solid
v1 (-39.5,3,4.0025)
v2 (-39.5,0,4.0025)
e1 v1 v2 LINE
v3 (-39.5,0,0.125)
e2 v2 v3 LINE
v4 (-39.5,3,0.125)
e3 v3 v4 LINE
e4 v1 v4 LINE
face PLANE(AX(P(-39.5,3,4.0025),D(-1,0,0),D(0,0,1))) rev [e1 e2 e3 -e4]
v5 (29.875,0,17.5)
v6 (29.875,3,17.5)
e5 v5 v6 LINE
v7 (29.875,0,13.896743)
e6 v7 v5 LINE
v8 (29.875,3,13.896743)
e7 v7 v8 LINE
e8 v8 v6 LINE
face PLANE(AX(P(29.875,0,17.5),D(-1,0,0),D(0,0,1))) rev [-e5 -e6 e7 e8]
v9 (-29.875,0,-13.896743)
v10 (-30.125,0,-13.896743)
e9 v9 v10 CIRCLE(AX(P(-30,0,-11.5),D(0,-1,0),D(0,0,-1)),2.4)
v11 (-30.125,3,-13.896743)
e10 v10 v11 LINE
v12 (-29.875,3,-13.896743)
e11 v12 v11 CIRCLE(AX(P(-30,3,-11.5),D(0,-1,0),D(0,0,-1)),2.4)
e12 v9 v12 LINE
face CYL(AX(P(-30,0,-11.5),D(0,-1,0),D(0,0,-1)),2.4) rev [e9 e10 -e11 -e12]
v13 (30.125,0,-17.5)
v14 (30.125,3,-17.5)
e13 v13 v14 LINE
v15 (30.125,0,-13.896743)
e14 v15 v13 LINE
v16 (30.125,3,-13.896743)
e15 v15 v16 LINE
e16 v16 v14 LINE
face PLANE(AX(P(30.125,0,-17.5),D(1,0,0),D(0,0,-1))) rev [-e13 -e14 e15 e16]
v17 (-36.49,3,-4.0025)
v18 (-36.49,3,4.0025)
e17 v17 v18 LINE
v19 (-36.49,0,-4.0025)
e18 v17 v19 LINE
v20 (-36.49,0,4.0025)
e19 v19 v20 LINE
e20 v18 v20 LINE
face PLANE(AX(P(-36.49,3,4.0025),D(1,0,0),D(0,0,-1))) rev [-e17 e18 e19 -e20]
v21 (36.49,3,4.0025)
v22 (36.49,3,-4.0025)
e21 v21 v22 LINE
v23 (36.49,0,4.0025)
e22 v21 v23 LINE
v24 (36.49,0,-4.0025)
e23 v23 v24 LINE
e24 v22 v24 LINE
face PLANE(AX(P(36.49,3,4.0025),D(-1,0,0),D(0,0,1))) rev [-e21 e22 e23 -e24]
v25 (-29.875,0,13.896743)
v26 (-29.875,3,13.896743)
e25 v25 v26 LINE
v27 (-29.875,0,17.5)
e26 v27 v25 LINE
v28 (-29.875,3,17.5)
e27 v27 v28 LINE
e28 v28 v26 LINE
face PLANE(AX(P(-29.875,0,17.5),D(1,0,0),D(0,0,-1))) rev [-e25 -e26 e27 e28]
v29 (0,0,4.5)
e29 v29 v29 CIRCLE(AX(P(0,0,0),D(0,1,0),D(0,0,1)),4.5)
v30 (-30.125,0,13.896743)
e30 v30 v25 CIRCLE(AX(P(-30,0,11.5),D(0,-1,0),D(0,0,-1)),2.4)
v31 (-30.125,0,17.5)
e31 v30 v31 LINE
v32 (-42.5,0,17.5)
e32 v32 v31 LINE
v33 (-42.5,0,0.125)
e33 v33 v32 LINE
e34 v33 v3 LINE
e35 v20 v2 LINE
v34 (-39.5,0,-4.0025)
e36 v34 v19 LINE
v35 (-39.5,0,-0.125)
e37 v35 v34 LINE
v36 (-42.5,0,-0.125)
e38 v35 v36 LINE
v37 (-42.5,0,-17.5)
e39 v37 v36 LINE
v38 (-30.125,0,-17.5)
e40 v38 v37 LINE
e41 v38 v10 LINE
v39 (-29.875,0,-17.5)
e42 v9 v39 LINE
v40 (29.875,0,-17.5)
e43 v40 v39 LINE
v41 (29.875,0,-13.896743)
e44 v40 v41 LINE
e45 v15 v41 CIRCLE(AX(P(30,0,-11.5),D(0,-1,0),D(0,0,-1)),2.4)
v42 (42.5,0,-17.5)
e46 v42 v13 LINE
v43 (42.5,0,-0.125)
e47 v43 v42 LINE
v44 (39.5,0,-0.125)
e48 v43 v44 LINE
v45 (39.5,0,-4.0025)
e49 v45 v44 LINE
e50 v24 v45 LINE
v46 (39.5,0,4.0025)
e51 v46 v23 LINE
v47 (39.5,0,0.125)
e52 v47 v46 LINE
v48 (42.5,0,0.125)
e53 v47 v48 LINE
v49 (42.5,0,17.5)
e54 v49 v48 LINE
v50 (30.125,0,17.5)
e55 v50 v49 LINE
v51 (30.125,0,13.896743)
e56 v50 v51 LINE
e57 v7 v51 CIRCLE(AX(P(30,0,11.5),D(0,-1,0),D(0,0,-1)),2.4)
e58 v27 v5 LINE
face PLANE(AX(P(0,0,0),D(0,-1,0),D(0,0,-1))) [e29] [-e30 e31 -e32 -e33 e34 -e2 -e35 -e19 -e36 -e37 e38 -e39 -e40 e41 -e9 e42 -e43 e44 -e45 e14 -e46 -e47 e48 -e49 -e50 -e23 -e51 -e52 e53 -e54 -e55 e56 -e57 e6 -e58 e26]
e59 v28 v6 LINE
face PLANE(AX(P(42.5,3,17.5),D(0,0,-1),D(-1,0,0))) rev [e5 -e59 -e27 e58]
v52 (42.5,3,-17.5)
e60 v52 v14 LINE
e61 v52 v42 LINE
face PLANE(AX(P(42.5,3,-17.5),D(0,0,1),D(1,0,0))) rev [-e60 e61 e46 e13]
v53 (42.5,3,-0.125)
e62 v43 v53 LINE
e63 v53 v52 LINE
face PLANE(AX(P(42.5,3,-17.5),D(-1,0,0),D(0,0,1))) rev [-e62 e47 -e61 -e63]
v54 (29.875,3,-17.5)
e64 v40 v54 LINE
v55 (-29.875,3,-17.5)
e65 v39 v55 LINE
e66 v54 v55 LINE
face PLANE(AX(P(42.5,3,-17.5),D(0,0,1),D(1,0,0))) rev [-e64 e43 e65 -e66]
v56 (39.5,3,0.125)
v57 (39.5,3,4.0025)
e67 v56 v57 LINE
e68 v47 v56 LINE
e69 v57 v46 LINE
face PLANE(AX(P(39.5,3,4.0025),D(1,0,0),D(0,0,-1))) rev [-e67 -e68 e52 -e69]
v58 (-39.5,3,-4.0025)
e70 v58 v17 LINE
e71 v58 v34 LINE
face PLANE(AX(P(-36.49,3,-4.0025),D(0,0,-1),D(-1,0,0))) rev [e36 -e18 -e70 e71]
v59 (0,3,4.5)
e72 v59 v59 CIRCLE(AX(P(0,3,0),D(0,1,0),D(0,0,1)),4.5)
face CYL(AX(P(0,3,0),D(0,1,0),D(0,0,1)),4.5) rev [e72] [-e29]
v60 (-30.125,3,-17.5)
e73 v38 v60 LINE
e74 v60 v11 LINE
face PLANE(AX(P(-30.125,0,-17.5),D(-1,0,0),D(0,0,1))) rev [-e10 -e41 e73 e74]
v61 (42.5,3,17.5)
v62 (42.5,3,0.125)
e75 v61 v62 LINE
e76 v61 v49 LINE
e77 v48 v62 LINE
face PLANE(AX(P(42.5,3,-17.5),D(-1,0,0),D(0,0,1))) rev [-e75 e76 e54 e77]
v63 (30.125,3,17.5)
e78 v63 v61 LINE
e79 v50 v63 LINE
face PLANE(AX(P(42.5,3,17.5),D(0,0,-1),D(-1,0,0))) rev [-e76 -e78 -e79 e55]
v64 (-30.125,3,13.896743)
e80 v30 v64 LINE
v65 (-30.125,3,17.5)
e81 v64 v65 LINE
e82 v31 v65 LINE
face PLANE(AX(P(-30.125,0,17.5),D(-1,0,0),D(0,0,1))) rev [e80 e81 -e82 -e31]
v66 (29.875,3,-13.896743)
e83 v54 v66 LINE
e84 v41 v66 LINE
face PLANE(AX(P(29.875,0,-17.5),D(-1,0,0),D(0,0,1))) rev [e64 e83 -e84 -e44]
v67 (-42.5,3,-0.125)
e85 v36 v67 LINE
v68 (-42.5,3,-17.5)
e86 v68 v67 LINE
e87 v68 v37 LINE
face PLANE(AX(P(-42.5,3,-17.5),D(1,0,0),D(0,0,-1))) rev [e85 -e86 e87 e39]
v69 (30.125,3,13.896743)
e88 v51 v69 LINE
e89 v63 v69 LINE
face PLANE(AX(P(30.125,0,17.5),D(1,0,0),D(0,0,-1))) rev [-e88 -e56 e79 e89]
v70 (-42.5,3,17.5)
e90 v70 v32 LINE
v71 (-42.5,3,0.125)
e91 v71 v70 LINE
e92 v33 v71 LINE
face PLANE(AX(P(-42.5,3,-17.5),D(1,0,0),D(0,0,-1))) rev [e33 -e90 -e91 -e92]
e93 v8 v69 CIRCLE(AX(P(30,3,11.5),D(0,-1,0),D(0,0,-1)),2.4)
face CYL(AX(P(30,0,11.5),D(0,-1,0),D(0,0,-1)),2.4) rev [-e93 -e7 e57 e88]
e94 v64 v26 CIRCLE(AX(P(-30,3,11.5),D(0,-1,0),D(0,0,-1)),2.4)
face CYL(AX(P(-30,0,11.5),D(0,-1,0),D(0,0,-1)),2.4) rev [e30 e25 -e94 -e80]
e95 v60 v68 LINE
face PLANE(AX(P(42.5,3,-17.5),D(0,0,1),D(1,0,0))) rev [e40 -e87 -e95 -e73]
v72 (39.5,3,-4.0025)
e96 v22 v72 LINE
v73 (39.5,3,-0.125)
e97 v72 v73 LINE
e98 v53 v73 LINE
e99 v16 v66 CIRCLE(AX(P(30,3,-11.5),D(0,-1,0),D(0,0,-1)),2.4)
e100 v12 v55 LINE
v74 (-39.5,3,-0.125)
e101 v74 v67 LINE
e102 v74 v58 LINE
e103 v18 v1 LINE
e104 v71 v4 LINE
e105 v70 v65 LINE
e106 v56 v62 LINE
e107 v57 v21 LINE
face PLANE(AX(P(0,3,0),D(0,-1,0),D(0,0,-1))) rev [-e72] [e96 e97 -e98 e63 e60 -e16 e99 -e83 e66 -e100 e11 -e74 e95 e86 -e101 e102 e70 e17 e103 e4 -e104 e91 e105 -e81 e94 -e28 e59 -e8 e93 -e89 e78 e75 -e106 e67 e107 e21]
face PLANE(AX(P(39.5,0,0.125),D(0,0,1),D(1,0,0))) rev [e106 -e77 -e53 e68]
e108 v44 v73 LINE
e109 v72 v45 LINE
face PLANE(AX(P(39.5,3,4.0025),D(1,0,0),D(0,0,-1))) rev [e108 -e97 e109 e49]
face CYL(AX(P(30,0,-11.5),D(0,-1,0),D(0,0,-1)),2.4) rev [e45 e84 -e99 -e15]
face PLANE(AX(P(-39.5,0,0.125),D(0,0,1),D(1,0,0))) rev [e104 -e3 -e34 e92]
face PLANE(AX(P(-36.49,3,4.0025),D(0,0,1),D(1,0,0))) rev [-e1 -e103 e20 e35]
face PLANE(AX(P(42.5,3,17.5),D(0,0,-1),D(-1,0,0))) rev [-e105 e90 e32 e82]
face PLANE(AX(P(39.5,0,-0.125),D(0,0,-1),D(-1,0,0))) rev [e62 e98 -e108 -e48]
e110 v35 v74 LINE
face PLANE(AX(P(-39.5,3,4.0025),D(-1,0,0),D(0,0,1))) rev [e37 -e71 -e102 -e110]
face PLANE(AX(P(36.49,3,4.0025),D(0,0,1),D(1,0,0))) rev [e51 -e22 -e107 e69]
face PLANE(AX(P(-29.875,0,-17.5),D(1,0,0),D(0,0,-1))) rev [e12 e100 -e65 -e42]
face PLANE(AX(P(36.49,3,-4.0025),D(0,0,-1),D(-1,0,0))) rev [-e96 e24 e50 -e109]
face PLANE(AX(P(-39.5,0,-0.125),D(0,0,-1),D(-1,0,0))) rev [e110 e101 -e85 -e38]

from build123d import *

# Parameters (mm, degrees)
ESBO_O2_W                = 85
ESBO_O2_H                = 35
RESSALTO_EXTRUS_O2_DEPTH = 3
ESBO_O3_W                = 3.01
ESBO_O3_H                = 8.005
CORTE_EXTRUS_O1_DEPTH    = 47.059743812
FURO_COM_FOLGA_DE_M41_D  = 4.8
FURO_COM_FOLGA_DE_M81_D  = 9
ESBO_O13_W               = 0.25
ESBO_O13_H               = 3.603257419
ESBO_O13_W_2             = 3
ESBO_O13_H_2             = 0.25
CORTE_EXTRUS_O2_DEPTH    = 47.059743812


with BuildPart() as part:
    # Esboço2 → Ressalto-extrusão2 (new body)
    with BuildSketch(Plane(origin=(0, 0, 0), x_dir=(1, 0, 0), z_dir=(0, 1, 0))):
        Rectangle(ESBO_O2_W, ESBO_O2_H)
    extrude(amount=RESSALTO_EXTRUS_O2_DEPTH)

    # Esboço3 → Corte-extrusão1 (cut, through all)
    with BuildSketch(Plane.XZ):
        with Locations((-37.995, 0)):
            Rectangle(ESBO_O3_W, ESBO_O3_H)
        with Locations((37.995, 0)):
            Rectangle(ESBO_O3_W, ESBO_O3_H)
    extrude(amount=-CORTE_EXTRUS_O1_DEPTH, mode=Mode.SUBTRACT)

    # Furo com folga de M41 (through all)
    with Locations(Plane(origin=(0, 0, 0), x_dir=(-1, 0, 0), z_dir=(0, -1, 0))):
        with Locations((30, -11.5), (30, 11.5), (-30, 11.5), (-30, -11.5)):
            Hole(FURO_COM_FOLGA_DE_M41_D / 2)

    # Furo com folga de M81 (through all)
    with Locations(Plane(origin=(0, 3, 0), x_dir=(1, 0, 0), z_dir=(0, 1, 0))):
        with Locations((0, 0)):
            Hole(FURO_COM_FOLGA_DE_M81_D / 2)

    # Esboço13 → Corte-extrusão2 (cut, through all)
    with BuildSketch(Plane(origin=(0, 3, 0), x_dir=(1, 0, 0), z_dir=(0, 1, 0))):
        with Locations((-30, 15.698371291)):
            Rectangle(ESBO_O13_W, ESBO_O13_H)
        with Locations((-41, 0)):
            Rectangle(ESBO_O13_W_2, ESBO_O13_H_2)
        with Locations((-30, -15.698371291)):
            Rectangle(ESBO_O13_W, ESBO_O13_H)
        with Locations((30, -15.698371291)):
            Rectangle(ESBO_O13_W, ESBO_O13_H)
        with Locations((41, 0)):
            Rectangle(ESBO_O13_W_2, ESBO_O13_H_2)
        with Locations((30, 15.698371291)):
            Rectangle(ESBO_O13_W, ESBO_O13_H)
    extrude(amount=-CORTE_EXTRUS_O2_DEPTH, mode=Mode.SUBTRACT)


solid = part.part
